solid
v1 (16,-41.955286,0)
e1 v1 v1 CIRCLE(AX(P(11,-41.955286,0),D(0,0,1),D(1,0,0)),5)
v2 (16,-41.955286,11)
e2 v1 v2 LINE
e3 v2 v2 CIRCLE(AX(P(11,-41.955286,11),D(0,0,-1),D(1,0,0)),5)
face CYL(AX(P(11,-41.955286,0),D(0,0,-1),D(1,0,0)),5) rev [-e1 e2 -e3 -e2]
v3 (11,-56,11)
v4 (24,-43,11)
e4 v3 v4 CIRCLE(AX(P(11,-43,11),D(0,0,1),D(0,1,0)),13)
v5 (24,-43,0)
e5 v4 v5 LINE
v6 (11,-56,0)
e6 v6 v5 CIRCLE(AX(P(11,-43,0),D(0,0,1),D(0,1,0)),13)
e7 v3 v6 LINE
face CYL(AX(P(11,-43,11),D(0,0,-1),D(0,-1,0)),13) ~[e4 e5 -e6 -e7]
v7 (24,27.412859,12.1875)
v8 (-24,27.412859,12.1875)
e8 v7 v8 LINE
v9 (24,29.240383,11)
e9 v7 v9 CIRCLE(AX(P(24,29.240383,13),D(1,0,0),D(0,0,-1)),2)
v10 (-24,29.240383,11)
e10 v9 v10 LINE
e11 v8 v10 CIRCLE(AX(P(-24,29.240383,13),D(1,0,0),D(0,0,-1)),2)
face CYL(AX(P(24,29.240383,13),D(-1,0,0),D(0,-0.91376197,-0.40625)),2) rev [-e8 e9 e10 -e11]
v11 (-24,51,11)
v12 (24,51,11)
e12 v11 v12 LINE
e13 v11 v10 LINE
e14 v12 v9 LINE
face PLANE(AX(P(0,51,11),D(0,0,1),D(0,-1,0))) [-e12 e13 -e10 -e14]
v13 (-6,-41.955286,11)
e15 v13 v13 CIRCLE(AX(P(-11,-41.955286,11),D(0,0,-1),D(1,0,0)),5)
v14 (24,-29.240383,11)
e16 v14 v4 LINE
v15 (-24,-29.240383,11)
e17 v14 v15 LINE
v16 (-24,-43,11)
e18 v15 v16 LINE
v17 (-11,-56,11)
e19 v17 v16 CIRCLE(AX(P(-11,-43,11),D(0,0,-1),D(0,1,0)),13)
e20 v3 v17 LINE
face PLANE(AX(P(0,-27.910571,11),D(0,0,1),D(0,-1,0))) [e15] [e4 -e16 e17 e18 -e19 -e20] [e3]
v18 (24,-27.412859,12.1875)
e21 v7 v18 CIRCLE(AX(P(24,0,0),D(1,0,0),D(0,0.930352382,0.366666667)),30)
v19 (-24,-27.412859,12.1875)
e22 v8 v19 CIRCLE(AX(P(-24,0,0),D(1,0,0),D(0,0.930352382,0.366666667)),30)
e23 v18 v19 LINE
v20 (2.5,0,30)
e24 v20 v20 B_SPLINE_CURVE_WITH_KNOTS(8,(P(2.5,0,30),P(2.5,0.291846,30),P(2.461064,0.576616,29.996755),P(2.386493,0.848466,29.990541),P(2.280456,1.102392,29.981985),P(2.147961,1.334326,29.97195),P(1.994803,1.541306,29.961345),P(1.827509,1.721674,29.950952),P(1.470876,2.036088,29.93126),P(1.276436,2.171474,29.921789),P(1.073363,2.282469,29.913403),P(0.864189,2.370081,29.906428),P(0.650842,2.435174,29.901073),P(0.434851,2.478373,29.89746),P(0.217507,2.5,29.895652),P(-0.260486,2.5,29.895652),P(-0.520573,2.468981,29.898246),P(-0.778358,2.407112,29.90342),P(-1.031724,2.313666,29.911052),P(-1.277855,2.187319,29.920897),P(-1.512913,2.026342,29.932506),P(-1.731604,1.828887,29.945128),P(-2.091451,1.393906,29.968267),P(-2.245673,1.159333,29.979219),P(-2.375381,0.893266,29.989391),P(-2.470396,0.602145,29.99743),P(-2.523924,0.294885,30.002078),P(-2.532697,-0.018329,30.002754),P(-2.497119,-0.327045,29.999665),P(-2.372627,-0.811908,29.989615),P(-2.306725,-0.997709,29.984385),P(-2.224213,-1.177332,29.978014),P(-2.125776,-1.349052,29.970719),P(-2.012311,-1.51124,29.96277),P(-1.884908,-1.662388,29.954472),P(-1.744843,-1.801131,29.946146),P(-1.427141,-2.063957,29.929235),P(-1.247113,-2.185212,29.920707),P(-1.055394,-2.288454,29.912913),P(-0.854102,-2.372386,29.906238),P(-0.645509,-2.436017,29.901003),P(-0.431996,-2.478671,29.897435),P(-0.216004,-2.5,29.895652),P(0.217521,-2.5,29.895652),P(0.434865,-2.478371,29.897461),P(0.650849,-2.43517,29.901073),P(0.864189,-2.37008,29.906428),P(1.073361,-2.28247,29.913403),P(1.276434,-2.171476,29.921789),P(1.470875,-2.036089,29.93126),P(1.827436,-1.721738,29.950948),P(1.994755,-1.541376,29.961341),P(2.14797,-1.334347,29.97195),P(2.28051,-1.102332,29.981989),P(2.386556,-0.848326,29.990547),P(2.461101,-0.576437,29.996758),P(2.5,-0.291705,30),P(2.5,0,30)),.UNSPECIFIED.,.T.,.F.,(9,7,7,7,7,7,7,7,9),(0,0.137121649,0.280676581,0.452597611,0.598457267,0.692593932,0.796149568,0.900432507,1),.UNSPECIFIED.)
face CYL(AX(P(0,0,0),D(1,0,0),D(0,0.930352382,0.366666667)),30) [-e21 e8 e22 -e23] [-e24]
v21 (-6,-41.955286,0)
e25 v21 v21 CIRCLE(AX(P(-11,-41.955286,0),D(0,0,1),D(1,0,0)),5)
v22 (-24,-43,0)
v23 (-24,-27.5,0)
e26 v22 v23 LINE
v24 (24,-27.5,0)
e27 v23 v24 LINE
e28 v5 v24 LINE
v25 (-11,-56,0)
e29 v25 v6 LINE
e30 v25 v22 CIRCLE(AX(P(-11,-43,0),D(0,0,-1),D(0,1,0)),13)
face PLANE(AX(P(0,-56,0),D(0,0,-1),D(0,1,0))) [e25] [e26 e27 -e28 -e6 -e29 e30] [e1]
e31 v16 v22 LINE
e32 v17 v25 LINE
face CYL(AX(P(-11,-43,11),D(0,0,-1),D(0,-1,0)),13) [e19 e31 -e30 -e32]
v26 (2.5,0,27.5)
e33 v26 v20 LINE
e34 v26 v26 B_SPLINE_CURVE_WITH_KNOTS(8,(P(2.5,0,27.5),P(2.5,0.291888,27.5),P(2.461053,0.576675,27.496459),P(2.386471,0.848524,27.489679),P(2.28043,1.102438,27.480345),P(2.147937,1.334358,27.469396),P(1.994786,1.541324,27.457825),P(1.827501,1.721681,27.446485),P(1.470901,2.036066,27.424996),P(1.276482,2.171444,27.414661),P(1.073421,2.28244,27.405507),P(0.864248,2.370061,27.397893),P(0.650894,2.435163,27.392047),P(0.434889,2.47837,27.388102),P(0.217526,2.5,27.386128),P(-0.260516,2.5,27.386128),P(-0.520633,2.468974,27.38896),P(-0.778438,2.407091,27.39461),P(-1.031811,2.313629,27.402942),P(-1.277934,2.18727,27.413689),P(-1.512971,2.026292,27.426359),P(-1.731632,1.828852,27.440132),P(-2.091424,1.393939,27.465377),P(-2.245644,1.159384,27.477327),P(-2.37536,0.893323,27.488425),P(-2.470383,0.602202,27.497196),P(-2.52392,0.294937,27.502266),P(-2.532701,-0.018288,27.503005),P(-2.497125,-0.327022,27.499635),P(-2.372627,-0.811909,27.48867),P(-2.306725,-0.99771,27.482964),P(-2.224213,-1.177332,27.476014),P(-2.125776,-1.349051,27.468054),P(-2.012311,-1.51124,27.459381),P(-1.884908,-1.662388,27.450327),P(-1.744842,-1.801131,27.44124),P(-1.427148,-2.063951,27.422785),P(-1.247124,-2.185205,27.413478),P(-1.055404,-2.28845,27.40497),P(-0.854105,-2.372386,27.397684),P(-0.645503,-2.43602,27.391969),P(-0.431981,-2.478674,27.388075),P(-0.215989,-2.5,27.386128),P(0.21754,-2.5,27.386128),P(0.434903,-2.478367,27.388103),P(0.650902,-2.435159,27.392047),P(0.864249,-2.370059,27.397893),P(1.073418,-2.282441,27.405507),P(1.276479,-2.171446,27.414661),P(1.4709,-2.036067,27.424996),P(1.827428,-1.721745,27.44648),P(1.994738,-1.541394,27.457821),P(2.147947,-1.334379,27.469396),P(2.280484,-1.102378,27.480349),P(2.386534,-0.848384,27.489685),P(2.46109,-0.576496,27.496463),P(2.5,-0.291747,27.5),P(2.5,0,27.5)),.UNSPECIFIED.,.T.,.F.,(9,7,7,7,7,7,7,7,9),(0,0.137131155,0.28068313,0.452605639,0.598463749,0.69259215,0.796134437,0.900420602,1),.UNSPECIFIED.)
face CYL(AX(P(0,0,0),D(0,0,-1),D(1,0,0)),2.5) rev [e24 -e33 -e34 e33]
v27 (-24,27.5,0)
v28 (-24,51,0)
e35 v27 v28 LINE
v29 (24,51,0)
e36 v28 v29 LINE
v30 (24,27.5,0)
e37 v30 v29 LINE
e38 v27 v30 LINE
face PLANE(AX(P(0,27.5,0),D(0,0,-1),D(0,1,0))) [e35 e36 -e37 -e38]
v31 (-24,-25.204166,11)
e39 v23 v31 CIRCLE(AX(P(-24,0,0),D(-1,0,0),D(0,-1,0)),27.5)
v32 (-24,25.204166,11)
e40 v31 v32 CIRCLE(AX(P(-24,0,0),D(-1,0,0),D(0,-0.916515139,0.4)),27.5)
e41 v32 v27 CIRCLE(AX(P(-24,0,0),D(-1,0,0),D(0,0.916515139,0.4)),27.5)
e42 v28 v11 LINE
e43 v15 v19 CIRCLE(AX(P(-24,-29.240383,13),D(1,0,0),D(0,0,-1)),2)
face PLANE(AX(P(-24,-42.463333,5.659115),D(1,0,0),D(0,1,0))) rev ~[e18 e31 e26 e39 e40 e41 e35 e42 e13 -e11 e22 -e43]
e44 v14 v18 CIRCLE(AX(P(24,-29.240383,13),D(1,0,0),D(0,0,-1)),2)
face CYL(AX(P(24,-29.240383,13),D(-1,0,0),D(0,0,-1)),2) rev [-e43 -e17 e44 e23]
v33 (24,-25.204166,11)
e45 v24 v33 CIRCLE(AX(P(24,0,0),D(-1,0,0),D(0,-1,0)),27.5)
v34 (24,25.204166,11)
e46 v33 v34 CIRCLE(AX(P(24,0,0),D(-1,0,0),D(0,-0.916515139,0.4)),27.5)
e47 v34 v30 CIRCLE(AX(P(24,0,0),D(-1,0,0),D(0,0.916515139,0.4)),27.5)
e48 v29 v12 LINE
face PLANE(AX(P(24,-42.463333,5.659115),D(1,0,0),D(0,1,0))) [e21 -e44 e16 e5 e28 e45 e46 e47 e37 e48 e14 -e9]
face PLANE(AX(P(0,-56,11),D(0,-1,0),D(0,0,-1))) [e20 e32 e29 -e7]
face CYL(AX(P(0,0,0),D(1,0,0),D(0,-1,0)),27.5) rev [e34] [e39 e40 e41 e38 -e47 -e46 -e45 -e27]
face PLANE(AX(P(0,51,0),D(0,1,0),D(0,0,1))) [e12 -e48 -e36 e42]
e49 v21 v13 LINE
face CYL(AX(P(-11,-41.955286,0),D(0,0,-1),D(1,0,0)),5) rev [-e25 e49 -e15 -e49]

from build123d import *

# Parameters (mm, degrees)
F1_DEPTH = 24
F2_R     = 2.5
F2_R_2   = 5
F3_DEPTH = 30.001
F4_R     = 13
F5_R     = 2


with BuildPart() as f1:
    # F0 (on Right) → F1 (new body, symmetric)
    with BuildSketch(Plane.YZ):
        with BuildLine():
            Line((-56, 0), (-30, 0))
            ThreePointArc((-30, 0), (-29.4730143031, 5.5983415304), (-27.9105714739, 11))
            Line((-27.9105714739, 11), (-56, 11))
            Line((-56, 11), (-56, 0))
        make_face()
        with BuildLine():
            Line((-30, 0), (-27.5, 0))
            ThreePointArc((-27.5, 0), (-26.9199236056, 5.6185152015), (-25.2041663223, 11))
            Line((-25.2041663223, 11), (-27.9105714739, 11))
            ThreePointArc((-27.9105714739, 11), (-29.4730143031, 5.5983415304), (-30, 0))
        make_face()
        with BuildLine():
            ThreePointArc((-25.2041663223, 11), (0, 27.5), (25.2041663223, 11))
            Line((25.2041663223, 11), (27.9105714739, 11))
            ThreePointArc((27.9105714739, 11), (0, 30), (-27.9105714739, 11))
            Line((-27.9105714739, 11), (-25.2041663223, 11))
        make_face()
        with BuildLine():
            ThreePointArc((25.2041663223, 11), (26.9199236056, 5.6185152015), (27.5, 0))
            Line((27.5, 0), (30, 0))
            ThreePointArc((30, 0), (29.4730143031, 5.5983415304), (27.9105714739, 11))
            Line((27.9105714739, 11), (25.2041663223, 11))
        make_face()
        with BuildLine():
            ThreePointArc((27.9105714739, 11), (29.4730143031, 5.5983415304), (30, 0))
            Line((30, 0), (51, 0))
            Line((51, 0), (51, 11))
            Line((51, 11), (40, 11))
            Line((40, 11), (27.9105714739, 11))
        make_face()
    extrude(amount=F1_DEPTH, both=True)

    # F2 (on Top) → F3 (cut, through all)
    with BuildSketch(Plane.XY):
        Circle(F2_R)
        with Locations((-11, -41.955285737)):
            Circle(F2_R_2)
        with Locations((11, -41.955285737)):
            Circle(F2_R_2)
    extrude(amount=F3_DEPTH, mode=Mode.SUBTRACT)

    # F4
    f4_edges = [f1.edges().sort_by_distance(p)[0] for p in [
        (24, -56, 5.5),
        (-24, -56, 5.5),
    ]]
    fillet(f4_edges, radius=F4_R)

    # F5
    f5_edges = [f1.edges().sort_by_distance(p)[0] for p in [
        (0, -27.910571, 11),
        (0, 27.910571, 11),
    ]]
    fillet(f5_edges, radius=F5_R)


solid = f1.part
